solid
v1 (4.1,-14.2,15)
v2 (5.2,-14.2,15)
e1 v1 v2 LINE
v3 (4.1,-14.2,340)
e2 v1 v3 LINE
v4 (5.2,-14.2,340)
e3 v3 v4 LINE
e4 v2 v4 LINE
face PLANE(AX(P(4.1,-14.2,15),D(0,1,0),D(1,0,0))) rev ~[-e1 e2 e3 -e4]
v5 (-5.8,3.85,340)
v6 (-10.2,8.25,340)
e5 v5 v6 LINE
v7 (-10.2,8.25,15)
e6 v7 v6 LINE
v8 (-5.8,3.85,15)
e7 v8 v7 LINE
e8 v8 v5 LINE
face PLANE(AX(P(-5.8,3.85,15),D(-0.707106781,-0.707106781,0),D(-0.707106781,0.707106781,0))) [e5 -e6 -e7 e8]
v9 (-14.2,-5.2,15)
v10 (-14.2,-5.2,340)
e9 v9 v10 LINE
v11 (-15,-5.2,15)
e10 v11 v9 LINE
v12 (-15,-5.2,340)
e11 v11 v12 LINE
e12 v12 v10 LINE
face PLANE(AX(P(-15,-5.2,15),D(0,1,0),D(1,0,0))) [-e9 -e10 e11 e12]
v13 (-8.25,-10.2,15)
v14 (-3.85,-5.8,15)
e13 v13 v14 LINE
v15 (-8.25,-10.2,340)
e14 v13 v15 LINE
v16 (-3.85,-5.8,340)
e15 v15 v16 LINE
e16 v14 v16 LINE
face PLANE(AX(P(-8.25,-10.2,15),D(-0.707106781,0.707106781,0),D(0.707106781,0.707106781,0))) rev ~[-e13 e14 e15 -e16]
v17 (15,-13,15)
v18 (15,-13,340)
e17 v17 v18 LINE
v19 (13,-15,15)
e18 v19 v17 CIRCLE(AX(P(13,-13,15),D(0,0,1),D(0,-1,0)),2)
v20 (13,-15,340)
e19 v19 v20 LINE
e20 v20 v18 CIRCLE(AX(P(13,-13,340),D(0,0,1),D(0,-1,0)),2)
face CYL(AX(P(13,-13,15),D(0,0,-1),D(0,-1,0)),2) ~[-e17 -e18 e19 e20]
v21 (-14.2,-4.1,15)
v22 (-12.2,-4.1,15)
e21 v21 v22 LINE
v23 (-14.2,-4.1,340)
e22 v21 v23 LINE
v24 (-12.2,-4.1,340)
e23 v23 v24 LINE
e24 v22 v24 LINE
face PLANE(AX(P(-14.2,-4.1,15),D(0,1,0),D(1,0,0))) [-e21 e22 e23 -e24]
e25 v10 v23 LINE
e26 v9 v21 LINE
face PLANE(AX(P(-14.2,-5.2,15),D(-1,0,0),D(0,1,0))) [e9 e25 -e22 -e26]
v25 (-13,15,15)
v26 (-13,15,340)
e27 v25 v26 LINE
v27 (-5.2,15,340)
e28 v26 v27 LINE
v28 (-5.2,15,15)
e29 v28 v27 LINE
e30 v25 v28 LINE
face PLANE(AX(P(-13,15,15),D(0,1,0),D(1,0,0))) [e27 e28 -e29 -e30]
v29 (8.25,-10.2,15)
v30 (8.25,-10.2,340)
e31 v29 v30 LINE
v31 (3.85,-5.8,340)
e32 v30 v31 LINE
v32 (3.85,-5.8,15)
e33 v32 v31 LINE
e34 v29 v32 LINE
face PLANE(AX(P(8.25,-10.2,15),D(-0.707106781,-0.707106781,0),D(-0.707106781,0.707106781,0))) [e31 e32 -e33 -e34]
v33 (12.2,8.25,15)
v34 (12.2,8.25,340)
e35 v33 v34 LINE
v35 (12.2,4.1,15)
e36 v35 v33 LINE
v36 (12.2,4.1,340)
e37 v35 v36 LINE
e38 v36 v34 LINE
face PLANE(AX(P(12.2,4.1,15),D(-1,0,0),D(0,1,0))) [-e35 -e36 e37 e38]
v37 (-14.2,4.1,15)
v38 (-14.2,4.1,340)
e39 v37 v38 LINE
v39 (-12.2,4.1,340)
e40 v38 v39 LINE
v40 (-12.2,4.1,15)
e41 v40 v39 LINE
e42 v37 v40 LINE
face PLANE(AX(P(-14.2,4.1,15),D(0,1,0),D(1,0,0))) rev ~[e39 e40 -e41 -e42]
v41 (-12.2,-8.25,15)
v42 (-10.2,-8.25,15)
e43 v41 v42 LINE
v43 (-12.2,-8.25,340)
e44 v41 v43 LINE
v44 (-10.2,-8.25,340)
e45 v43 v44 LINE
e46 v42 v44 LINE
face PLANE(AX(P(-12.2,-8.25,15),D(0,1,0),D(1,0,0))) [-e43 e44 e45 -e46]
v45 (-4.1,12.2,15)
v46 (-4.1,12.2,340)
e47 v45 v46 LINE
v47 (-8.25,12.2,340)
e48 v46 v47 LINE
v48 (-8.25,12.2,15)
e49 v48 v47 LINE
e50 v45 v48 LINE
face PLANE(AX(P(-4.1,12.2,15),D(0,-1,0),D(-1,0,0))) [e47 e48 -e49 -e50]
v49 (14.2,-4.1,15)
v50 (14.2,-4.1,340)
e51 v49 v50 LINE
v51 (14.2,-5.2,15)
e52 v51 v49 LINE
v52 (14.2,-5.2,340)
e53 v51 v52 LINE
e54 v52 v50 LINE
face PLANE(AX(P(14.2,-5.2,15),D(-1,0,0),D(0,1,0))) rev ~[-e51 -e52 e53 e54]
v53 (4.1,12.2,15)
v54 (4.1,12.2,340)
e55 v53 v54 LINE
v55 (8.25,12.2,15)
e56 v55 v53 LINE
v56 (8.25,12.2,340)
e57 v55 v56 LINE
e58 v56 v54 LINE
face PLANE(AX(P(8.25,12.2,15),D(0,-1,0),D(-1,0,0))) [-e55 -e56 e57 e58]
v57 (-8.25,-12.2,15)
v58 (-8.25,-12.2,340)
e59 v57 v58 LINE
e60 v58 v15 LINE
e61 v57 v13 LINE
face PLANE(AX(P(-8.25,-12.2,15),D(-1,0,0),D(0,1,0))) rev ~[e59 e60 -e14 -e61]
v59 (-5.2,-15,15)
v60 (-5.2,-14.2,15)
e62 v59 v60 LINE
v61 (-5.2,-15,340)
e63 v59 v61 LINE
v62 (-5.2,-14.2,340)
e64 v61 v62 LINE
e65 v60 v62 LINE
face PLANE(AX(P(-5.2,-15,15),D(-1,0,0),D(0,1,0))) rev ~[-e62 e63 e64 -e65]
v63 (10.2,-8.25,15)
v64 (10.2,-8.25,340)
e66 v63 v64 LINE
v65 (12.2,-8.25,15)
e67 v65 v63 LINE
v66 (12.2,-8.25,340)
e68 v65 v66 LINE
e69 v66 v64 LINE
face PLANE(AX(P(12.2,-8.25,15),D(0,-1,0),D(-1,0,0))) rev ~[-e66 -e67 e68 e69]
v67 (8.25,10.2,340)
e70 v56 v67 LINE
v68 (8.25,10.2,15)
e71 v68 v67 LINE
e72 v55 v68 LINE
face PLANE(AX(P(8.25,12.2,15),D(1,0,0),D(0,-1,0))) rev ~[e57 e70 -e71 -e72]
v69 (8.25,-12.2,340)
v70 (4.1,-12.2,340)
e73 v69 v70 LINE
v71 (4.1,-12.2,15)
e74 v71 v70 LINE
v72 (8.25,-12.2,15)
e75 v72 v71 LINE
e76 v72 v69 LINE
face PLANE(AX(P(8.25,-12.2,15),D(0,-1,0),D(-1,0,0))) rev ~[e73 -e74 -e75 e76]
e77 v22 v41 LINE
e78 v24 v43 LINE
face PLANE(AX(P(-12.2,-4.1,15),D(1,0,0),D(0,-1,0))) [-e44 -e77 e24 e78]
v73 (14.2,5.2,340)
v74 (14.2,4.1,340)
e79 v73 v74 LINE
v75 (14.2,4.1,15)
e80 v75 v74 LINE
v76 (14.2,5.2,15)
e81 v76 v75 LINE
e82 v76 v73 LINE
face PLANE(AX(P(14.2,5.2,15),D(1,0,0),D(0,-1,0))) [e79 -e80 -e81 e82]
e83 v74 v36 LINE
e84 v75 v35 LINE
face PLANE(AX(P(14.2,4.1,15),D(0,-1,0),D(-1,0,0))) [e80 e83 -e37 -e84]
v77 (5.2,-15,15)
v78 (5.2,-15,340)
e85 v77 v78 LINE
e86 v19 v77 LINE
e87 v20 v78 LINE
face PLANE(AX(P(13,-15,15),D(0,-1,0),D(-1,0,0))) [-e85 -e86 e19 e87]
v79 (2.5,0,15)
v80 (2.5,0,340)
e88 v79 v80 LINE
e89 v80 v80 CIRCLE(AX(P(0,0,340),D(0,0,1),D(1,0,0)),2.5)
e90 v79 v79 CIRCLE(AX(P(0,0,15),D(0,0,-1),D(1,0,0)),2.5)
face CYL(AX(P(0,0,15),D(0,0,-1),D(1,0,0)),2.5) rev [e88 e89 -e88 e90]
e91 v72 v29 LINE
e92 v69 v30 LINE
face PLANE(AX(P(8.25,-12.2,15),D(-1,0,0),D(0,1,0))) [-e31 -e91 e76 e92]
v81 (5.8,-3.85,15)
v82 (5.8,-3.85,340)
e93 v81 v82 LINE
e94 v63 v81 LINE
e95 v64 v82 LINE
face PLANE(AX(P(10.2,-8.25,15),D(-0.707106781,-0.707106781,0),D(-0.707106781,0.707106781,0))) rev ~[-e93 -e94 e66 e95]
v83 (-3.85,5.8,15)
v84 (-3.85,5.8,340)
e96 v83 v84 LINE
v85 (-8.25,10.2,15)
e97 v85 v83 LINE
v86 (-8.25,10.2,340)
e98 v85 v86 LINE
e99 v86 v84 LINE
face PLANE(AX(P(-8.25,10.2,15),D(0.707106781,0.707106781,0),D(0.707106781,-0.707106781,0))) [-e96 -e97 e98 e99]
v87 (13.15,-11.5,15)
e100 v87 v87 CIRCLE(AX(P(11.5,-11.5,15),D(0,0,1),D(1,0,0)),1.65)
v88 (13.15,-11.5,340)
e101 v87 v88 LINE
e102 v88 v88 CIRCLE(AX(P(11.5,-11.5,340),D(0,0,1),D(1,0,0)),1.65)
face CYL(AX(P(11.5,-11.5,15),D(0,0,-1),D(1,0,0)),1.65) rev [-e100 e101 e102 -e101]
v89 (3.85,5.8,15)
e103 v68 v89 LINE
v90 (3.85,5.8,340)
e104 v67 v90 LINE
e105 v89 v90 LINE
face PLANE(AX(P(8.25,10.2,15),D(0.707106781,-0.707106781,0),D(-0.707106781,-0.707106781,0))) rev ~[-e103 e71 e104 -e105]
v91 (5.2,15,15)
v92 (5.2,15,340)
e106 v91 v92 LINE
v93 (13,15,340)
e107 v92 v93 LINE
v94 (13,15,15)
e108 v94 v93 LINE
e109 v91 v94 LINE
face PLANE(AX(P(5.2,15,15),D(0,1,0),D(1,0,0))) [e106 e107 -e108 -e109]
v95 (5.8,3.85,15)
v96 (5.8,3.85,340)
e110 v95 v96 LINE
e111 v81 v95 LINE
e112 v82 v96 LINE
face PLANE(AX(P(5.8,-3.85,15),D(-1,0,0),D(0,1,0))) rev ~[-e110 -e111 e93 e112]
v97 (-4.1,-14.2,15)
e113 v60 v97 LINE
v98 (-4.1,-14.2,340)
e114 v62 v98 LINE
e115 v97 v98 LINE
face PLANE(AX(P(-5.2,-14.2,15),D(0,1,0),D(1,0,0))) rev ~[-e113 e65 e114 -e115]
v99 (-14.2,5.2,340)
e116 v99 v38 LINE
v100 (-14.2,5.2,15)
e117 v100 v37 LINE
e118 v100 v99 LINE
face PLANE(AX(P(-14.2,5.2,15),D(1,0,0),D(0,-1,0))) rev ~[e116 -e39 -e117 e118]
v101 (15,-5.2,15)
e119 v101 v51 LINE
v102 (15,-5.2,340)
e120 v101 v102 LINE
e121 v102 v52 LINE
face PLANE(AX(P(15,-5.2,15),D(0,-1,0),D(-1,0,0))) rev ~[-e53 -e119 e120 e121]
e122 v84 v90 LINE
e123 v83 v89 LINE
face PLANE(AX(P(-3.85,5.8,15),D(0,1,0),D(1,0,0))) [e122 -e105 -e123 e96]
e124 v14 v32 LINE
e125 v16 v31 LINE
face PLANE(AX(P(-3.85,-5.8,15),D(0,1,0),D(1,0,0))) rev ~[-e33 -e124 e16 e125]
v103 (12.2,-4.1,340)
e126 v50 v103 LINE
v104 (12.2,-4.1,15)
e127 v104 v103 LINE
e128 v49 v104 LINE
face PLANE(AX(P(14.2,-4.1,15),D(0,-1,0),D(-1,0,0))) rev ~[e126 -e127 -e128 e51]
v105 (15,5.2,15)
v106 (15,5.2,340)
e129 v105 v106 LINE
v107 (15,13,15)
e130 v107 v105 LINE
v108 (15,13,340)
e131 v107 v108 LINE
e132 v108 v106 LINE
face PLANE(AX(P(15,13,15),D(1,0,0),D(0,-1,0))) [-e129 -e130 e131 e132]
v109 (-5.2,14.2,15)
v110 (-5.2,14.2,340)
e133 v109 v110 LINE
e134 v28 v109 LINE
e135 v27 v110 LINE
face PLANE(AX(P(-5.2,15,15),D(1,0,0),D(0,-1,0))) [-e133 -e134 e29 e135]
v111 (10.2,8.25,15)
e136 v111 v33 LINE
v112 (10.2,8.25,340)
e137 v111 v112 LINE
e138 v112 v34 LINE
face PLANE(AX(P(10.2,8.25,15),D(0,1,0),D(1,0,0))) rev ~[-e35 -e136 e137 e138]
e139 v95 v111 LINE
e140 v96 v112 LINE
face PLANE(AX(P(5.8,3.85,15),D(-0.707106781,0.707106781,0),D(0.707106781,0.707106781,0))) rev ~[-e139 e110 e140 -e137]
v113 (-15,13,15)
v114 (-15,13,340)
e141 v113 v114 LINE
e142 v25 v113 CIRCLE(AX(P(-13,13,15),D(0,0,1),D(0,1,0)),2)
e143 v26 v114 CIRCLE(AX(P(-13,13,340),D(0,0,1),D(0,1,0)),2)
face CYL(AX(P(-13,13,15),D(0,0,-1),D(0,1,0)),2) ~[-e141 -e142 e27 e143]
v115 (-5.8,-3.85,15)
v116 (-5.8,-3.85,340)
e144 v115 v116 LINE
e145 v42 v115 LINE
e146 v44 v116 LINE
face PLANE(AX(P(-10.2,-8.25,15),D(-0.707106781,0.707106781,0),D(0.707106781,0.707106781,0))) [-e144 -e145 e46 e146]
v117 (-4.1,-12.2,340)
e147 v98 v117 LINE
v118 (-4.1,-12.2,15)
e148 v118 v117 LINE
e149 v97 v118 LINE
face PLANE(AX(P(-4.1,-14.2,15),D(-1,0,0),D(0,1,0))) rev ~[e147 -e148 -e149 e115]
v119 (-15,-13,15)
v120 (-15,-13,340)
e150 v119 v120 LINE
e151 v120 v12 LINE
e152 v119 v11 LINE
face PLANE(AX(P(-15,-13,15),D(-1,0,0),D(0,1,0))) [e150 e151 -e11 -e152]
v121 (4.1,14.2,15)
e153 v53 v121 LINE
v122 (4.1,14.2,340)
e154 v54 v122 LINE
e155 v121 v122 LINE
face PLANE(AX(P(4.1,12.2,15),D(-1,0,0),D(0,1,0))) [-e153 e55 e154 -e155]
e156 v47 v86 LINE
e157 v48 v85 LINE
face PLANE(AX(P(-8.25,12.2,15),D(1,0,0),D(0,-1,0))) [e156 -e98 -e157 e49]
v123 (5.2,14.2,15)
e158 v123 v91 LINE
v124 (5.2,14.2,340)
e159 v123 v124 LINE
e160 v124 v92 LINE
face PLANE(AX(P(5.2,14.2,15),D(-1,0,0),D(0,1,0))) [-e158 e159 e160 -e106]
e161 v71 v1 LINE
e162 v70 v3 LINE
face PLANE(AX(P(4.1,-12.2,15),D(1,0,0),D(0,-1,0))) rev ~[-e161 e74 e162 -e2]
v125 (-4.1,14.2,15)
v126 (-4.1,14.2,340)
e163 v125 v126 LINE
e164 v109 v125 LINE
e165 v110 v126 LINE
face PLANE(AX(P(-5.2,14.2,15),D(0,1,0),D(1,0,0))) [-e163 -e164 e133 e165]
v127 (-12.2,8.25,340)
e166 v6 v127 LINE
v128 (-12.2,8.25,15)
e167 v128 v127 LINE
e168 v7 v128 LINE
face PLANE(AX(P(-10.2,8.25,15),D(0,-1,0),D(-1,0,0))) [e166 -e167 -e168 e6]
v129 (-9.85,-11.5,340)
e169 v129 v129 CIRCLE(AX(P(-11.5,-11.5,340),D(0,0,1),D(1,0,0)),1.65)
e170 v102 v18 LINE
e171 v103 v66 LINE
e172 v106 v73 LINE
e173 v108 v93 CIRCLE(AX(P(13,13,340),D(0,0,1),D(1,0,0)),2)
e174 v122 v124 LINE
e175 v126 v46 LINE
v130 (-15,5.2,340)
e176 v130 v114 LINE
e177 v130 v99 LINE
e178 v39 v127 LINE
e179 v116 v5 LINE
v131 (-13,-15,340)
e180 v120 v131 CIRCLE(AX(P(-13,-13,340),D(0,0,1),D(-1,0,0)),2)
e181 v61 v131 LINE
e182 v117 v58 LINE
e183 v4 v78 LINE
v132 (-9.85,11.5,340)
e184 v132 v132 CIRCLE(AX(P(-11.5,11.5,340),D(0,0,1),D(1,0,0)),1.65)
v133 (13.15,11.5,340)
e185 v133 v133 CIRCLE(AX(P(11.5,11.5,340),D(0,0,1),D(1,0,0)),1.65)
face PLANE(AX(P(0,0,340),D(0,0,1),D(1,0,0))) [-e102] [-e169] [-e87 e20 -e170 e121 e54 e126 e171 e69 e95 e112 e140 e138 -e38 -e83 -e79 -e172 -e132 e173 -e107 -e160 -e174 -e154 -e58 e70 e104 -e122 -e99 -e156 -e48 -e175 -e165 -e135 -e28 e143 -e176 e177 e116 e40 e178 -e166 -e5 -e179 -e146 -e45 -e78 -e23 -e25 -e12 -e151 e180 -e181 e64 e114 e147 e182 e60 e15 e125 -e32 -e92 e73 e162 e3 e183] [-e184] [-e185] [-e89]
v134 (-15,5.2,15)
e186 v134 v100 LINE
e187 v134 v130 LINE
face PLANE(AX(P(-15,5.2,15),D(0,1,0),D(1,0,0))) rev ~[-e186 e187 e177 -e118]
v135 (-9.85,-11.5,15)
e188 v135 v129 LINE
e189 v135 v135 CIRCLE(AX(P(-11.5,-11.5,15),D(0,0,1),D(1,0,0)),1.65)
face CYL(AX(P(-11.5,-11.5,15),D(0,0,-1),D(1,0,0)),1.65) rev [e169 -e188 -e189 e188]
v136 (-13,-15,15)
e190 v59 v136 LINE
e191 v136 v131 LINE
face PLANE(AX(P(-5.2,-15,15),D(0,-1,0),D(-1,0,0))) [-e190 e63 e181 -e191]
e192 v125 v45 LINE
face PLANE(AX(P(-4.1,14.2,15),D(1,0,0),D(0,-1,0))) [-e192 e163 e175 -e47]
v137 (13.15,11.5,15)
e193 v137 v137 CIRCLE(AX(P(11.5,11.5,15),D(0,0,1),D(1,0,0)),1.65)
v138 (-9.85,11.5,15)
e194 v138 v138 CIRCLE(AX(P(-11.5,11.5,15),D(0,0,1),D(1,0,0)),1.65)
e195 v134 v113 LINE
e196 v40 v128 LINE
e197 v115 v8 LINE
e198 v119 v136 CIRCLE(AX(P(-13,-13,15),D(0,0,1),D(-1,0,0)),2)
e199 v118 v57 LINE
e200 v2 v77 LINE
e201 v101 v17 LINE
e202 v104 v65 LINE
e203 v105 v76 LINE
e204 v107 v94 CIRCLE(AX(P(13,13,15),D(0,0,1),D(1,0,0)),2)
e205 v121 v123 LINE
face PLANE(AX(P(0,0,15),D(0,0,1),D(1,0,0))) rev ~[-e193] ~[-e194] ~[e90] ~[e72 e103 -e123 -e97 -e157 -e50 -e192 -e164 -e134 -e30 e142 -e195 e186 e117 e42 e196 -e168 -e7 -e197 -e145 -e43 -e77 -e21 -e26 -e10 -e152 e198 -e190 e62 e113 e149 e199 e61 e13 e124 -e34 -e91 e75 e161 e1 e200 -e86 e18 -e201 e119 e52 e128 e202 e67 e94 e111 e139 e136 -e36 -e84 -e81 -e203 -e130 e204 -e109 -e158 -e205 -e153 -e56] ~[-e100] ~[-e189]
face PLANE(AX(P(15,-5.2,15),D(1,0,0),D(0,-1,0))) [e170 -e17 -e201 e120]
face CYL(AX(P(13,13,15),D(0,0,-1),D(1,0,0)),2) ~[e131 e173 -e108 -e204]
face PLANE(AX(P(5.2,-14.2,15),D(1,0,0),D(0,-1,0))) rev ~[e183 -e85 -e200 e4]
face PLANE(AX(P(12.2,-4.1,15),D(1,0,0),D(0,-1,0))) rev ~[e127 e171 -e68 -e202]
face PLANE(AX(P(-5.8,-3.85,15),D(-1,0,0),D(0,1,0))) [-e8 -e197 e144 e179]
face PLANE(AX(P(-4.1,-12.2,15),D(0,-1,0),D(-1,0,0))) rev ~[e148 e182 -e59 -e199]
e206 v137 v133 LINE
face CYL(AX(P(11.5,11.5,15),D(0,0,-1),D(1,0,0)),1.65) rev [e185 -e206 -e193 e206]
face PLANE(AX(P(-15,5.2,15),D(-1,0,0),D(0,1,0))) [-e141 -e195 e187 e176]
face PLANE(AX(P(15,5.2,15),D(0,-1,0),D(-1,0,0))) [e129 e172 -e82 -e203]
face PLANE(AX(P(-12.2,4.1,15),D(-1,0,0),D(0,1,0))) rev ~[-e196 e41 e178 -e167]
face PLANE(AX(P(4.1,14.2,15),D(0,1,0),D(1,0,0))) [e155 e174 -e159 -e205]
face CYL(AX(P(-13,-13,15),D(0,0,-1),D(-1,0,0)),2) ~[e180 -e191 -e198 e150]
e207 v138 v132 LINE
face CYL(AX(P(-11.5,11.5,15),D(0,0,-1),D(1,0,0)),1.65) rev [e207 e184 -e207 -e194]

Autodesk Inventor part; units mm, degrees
sketch "Sketch" plane through (0, 0, 0) normal (0, 0, 1) x (1, 0, 0)
  line L0 (-13, 15) -> (13, 15)
  line L1 (15, 13) -> (15, -13)
  line L2 (-15, 15) -> (15, -15) construction
  line L3 (15, 15) -> (-15, -15) construction
  line L4 (-5.2, 15) -> (-5.2, 14.2)
  line L5 (-5.2, 14.2) -> (-4.1, 14.2)
  line L6 (-4.1, 14.2) -> (-4.1, 12.2)
  line L7 (-4.1, 12.2) -> (-8.25, 12.2)
  line L8 (-8.25, 12.2) -> (-8.25, 10.2)
  line L9 (-8.25, 10.2) -> (-3.85, 5.8)
  line L10 (-3.85, 5.8) -> (3.85, 5.8)
  line L11 (8.25, 12.2) -> (4.1, 12.2)
  line L12 (4.1, 12.2) -> (4.1, 14.2)
  line L13 (4.1, 14.2) -> (5.2, 14.2)
  line L14 (5.2, 14.2) -> (5.2, 15)
  line L15 (8.25, 12.2) -> (8.25, 10.2)
  line L16 (8.25, 10.2) -> (3.85, 5.8)
  line L17 (-2.5, 0) -> (0, 0)
  line L18 (-5.2, -15) -> (-5.2, -14.2)
  line L19 (-5.2, -14.2) -> (-4.1, -14.2)
  line L20 (-4.1, -14.2) -> (-4.1, -12.2)
  line L21 (-4.1, -12.2) -> (-8.25, -12.2)
  line L22 (-8.25, -12.2) -> (-8.25, -10.2)
  line L23 (-8.25, -10.2) -> (-3.85, -5.8)
  line L24 (-3.85, -5.8) -> (3.85, -5.8)
  line L25 (8.25, -12.2) -> (4.1, -12.2)
  line L26 (4.1, -12.2) -> (4.1, -14.2)
  line L27 (4.1, -14.2) -> (5.2, -14.2)
  line L28 (5.2, -14.2) -> (5.2, -15)
  line L29 (8.25, -12.2) -> (8.25, -10.2)
  line L30 (8.25, -10.2) -> (3.85, -5.8)
  line L31 (15, 5.2) -> (14.2, 5.2)
  line L32 (14.2, 5.2) -> (14.2, 4.1)
  line L33 (14.2, 4.1) -> (12.2, 4.1)
  line L34 (12.2, 4.1) -> (12.2, 8.25)
  line L35 (15, -5.2) -> (14.2, -5.2)
  line L36 (14.2, -5.2) -> (14.2, -4.1)
  line L37 (14.2, -4.1) -> (12.2, -4.1)
  line L38 (12.2, -4.1) -> (12.2, -8.25)
  line L39 (12.2, -8.25) -> (10.2, -8.25)
  line L40 (10.2, -8.25) -> (5.8, -3.85)
  line L41 (5.8, -3.85) -> (5.8, 3.85)
  line L42 (5.8, 3.85) -> (10.2, 8.25)
  line L43 (10.2, 8.25) -> (12.2, 8.25)
  line L44 (-15, 5.2) -> (-14.2, 5.2)
  line L45 (-14.2, 5.2) -> (-14.2, 4.1)
  line L46 (-14.2, 4.1) -> (-12.2, 4.1)
  line L47 (-12.2, 4.1) -> (-12.2, 8.25)
  line L48 (-15, -5.2) -> (-14.2, -5.2)
  line L49 (-14.2, -5.2) -> (-14.2, -4.1)
  line L50 (-14.2, -4.1) -> (-12.2, -4.1)
  line L51 (-12.2, -4.1) -> (-12.2, -8.25)
  line L52 (-12.2, -8.25) -> (-10.2, -8.25)
  line L53 (-10.2, -8.25) -> (-5.8, -3.85)
  line L54 (-5.8, -3.85) -> (-5.8, 3.85)
  line L55 (-5.8, 3.85) -> (-10.2, 8.25)
  line L56 (-10.2, 8.25) -> (-12.2, 8.25)
  circle A0 centre (11.5, 11.5) radius 1.65
  circle A1 centre (11.5, -11.5) radius 1.65
  circle A2 centre (-11.5, 11.5) radius 1.65
  circle A3 centre (-11.5, -11.5) radius 1.65
  line L57 (-15, -13) -> (-15, -5.2)
  line L58 (-15, 5.2) -> (-15, 13)
  line L59 (13, -15) -> (5.2, -15)
  line L60 (-5.2, -15) -> (-13, -15)
  arc A4 (-13, 15) -> (-15, 13) centre (-13, 13) ccw
  arc A5 (15, 13) -> (13, 15) centre (13, 13) ccw
  arc A6 (13, -15) -> (15, -13) centre (13, -13) ccw
  arc A7 (-15, -13) -> (-13, -15) centre (-13, -13) ccw
  circle A8 centre (0, 0) radius 2.5
  point P0 (0, 0)
  point P1 (0, 5.8)
  point P2 (0, -2.5)
  point P3 (0, 2.5)
  dimension "d2" = 8.2
  dimension "d3" = 4.1
  dimension "d4" = 10.4
  dimension "d5" = 5.2
  dimension "d8" = 9.2
  dimension "d11" = 16.5
  dimension "d12" = 8.25
  dimension "d14" = 0.8
  dimension "d15" = 2
  dimension "d16" = 2
  dimension "d34" = 0.8
  dimension "d35" = 10.4
  dimension "d36" = 5.2
  dimension "d37" = 8.2
  dimension "d38" = 4.1
  dimension "d39" = 2
  dimension "d40" = 16.5
  dimension "d41" = 8.25
  dimension "d42" = 2
  dimension "d43" = 9.2
  dimension "d44" = 23
  dimension "d45" = 11.5
  dimension "d46" = 23
  dimension "d48" = 3.3
  dimension "d55" = 2
  dimension "d62" = 5
  dimension "d65" = 11.5
  dimension "d66" = 6.4
  dimension "d67" = 3.25
  dimension "d68" = 4.15
  dimension "d69" = 0.8
  dimension "d70" = 2
  dimension "d71" = 2.7577
  dimension "d72" = 5.8
  dimension "d73" = 2.7577
  dimension "d74" = 4.15
  dimension "d75" = 2
  dimension "d76" = 3.25
  dimension "d77" = 2
  dimension "d78" = 1.1
  dimension "d79" = 0.8
  dimension "d80" = 135
  dimension "d81" = 2
  dimension "d82" = 1.1
  dimension "d83" = 7.4
  dimension "d84" = 7.4
  dimension "d85" = 6.4
  dimension "d86" = 6.3
ref_plane "Work Plane3" through (0, 0, 250) normal (0, 0, 1) x (1, 0, 0)
ref_plane "Start Plane" through (0, 0, 0) normal (0, 0, 1) x (1, 0, 0)
ref_plane "End Plane" through (0, 0, 400) normal (0, 0, 1) x (1, 0, 0)
ref_plane "Start Plane1" through (0, 0, 0) normal (0, 0, 1) x (1, 0, 0)
ref_plane "End Plane1" through (0, 0, 400) normal (0, 0, 1) x (1, 0, 0)
ref_plane "Start Plane2" through (0, 0, 15) normal (0, 0, 1) x (1, 0, 0)
ref_plane "End Plane2" through (0, 0, 340) normal (0, 0, 1) x (1, 0, 0)
extrude "Body" add sketch "Sketch" along normal up to surface (325 mm away) from surface at 15 contours L0 L4 L5 L6 L7 L8 L9 L10 L16 L15 L11 L12 L13 L14 A5 L1 L31 L32 L33 L34 L43 L42 L41 L40 L39 L38 L37 L36 L35 A6 L59 L28 L27 L26 L25 L29 L30 L24 L23 L22 L21 L20 L19 L18 L60 A7 L57 L48 L49 L50 L51 L52 L53 L54 L55 L56 L47 L46 L45 L44 L58 A4
sketch "Sketch7" plane through (0, 0, 0) normal (0, 0, 1) x (1, 0, 0)
  line L0 (0, 0) -> (10, 0)
ref_plane "Work Plane10" through (0, 0, 0) normal (0, -1, 0) x (1, 0, 0)
sketch "Sketch8" plane through (0, 0, 0) normal (0, -1, 0) x (1, 0, 0)
  line L0 (-2, 15) -> (12, 15)
  line L1 (-2, 340) -> (12, 340)
  dimension "d100" = 325
ref_plane "Work Plane11" through (-5.2, 225, 15) normal (0, 0, -1) x (-1, 0, 0)
split "Split1" plane through (-5.2, 225, 15) removes the side toward (0, 0, -1)
ref_plane "Work Plane12" through (0, 13, 340) normal (0, 0, 1) x (1, 0, 0)
split "Split2" plane through (0, 13, 340) removes the side toward (0, 0, 1)
equation "\"d3\" = 0.5 * d2"
equation "\"d5\" = 0.5 * d4"
equation "\"d12\" = 0.5 * d11"
equation "\"d36\" = 0.5 * d35"
equation "\"d38\" = 0.5 * d37"
equation "\"d41\" = 0.5 * d40"
equation "\"d45\" = 0.5 * d44"
equation "\"G_OFFSET_START\" = 0"
equation "\"G_OFFSET_END\" = 0"
equation "\"G_L\" = 500"
equation "\"G_OFFSET_START1\" = 0"
equation "\"G_OFFSET_END1\" = 0"
equation "\"G_OFFSET_START2\" = -15"
equation "\"d95\" = -G_OFFSET_START2"
properties part number "325 mm" material "Aluminum 6061"
